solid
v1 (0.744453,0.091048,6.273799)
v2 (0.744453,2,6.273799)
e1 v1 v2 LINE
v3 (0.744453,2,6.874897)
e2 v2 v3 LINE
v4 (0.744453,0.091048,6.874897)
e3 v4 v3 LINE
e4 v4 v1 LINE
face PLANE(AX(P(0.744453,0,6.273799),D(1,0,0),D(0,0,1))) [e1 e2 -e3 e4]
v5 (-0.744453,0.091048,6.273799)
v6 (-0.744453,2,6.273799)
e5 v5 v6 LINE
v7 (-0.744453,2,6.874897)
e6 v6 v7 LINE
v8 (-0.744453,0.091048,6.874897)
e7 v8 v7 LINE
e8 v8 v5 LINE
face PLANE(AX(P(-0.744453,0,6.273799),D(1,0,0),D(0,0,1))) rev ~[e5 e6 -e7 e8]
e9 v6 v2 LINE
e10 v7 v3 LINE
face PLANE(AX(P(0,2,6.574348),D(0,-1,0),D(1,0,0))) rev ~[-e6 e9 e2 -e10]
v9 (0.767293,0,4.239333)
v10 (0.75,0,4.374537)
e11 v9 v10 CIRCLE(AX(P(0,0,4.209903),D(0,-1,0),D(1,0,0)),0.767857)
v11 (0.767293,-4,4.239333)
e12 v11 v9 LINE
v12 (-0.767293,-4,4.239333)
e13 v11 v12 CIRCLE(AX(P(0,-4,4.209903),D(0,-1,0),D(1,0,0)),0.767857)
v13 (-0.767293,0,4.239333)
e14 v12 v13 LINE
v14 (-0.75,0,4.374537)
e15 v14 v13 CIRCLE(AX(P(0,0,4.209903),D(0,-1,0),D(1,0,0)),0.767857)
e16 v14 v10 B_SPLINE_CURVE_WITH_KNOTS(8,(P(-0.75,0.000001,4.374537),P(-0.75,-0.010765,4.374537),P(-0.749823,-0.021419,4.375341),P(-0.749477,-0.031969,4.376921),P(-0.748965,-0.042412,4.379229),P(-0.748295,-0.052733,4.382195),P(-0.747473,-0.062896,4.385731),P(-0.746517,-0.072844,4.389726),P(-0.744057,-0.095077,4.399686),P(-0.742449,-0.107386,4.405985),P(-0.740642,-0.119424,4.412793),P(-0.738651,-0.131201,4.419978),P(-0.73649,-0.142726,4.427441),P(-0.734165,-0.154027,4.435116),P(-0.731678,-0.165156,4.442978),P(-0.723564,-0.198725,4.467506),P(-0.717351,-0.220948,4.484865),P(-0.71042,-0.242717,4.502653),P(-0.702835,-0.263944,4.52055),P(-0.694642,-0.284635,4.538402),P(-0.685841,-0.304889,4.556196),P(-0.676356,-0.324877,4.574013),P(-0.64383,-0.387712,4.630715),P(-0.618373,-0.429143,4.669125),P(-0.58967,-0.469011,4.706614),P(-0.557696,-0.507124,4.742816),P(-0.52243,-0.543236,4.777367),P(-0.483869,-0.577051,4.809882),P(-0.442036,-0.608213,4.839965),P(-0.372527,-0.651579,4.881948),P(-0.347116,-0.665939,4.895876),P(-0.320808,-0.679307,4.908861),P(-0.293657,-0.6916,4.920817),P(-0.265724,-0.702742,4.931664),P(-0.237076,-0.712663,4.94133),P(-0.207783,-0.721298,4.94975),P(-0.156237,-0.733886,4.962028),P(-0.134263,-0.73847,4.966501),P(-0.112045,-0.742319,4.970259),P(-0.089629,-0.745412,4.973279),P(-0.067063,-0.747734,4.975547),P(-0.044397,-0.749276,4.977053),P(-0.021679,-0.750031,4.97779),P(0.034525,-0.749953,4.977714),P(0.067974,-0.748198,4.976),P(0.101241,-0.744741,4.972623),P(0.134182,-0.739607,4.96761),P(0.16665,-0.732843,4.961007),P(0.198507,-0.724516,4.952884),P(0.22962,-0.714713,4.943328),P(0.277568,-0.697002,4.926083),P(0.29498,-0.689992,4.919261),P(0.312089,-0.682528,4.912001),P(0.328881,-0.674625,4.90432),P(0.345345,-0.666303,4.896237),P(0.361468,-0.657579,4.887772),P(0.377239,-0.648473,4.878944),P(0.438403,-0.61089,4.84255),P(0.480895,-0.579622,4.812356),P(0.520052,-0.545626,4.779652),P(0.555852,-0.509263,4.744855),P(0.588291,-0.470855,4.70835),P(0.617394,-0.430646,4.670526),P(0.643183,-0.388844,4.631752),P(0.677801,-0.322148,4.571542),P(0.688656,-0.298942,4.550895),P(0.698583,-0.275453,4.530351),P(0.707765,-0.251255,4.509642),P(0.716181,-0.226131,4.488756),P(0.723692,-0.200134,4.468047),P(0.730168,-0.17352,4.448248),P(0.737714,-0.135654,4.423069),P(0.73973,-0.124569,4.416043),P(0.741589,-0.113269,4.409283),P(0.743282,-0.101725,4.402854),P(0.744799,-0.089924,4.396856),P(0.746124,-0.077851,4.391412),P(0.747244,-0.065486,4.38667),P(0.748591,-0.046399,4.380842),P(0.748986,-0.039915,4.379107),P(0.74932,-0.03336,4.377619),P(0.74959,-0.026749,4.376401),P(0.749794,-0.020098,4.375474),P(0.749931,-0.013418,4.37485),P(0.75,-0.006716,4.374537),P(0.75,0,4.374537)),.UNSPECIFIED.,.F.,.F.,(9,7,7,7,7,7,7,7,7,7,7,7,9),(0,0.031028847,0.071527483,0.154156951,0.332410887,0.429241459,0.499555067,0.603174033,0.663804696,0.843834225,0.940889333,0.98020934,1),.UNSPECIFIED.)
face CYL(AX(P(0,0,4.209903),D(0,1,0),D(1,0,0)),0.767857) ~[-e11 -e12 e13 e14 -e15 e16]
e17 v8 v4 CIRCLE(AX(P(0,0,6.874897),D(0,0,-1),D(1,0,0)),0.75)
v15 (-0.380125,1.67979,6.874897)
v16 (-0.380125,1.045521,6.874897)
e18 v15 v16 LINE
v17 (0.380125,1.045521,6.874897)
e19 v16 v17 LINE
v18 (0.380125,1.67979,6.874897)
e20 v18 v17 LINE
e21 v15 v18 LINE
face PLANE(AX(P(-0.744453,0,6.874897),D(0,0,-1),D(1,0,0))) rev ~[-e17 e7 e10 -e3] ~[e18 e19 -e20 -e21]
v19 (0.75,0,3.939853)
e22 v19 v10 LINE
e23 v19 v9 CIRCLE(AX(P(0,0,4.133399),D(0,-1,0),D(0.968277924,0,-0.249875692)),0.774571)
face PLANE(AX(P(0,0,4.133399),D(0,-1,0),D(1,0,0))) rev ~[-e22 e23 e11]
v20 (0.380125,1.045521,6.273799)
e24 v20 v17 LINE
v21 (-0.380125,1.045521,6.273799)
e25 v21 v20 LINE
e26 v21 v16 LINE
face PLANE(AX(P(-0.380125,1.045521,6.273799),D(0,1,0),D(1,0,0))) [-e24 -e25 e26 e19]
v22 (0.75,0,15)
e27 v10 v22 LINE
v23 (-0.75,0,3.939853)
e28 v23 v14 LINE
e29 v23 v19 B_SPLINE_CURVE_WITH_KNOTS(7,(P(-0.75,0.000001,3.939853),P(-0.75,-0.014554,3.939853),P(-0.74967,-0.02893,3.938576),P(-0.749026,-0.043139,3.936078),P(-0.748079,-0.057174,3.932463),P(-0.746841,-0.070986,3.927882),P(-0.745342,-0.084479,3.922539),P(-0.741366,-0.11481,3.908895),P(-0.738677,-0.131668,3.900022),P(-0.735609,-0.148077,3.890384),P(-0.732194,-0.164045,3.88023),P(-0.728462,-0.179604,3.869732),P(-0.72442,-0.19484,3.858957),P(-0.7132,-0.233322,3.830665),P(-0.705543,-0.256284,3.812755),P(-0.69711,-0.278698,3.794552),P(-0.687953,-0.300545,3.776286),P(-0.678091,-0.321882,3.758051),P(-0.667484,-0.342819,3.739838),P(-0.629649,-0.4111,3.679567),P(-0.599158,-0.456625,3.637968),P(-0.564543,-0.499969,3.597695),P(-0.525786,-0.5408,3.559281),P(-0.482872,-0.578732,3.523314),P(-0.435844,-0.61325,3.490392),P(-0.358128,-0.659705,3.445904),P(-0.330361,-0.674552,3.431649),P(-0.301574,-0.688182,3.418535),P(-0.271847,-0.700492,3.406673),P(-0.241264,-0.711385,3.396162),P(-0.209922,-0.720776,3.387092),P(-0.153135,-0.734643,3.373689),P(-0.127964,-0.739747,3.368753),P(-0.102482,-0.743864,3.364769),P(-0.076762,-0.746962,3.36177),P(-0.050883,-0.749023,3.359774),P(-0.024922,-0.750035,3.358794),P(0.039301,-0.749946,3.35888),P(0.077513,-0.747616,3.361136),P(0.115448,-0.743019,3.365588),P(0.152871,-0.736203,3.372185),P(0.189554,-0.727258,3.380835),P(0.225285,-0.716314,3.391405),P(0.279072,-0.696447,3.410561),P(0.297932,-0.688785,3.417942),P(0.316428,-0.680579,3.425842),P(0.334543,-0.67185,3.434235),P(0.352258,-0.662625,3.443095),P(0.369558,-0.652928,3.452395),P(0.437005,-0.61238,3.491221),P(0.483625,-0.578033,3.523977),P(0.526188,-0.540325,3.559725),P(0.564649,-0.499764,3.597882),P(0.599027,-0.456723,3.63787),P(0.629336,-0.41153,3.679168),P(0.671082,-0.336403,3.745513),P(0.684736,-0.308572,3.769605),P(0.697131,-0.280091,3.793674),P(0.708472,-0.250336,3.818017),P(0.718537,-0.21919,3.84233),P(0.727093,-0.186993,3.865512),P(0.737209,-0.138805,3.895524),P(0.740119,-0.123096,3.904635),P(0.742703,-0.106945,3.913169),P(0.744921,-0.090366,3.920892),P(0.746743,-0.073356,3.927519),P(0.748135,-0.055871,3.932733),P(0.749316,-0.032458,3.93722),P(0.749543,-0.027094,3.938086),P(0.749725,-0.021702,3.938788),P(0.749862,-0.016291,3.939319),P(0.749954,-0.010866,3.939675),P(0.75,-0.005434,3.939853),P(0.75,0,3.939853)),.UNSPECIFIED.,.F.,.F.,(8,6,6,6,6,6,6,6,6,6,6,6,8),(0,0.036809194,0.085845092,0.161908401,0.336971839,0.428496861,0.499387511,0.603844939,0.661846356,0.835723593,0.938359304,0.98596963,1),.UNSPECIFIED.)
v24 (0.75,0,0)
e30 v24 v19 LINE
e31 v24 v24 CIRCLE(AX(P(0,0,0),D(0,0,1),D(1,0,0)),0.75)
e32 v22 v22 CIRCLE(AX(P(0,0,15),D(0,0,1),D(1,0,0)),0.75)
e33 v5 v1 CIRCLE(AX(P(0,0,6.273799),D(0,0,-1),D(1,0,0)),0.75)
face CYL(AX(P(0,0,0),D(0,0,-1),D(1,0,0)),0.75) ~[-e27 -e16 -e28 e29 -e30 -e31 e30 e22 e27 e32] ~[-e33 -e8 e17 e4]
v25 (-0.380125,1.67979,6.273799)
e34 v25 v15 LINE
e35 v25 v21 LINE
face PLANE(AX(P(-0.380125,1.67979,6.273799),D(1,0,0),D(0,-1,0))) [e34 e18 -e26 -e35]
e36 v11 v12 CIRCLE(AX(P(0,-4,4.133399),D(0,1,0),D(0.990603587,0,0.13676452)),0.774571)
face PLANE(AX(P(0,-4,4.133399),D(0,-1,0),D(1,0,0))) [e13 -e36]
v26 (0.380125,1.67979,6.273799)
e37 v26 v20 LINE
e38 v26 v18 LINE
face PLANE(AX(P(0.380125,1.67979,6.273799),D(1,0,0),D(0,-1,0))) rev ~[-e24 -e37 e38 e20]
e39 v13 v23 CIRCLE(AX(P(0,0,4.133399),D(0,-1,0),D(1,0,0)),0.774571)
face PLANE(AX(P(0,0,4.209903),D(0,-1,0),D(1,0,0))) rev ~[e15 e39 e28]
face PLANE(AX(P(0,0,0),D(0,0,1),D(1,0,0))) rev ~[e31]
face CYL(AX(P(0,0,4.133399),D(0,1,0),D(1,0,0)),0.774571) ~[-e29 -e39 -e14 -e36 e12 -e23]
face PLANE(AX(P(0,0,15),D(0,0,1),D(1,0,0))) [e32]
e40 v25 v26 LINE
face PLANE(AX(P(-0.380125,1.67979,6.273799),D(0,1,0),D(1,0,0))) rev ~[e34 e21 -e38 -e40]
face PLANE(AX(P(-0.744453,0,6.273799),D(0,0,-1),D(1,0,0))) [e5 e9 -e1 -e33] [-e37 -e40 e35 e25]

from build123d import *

# Parameters (mm, degrees)
F0_R     = 0.75
F1_DEPTH = 15
F2_R     = 0.767857
F3_DEPTH = 4
F4_R     = 0.774571
F5_DEPTH = 4
F6_W     = 1.488906
F6_H     = 0.601098
F7_DEPTH = 2
F8_W     = 0.76025
F8_H     = 0.634269
F9_DEPTH = 25


with BuildPart() as f1:
    # F0 (on Top) → F1 (new body)
    with BuildSketch(Plane.XY):
        Circle(F0_R)
    extrude(amount=F1_DEPTH)

    # F2 (on Front) → F3 (join)
    with BuildSketch(Plane.XZ):
        with Locations((0, 4.209903)):
            Circle(F2_R)
    extrude(amount=F3_DEPTH)

    # F4 (on Front) → F5 (join)
    with BuildSketch(Plane.XZ):
        with Locations((0, 4.133399)):
            Circle(F4_R)
    extrude(amount=F5_DEPTH)

    # F6 (on Front) → F7 (join)
    with BuildSketch(Plane.XZ):
        with Locations((0, 6.574348)):
            Rectangle(F6_W, F6_H)
    extrude(amount=-F7_DEPTH)

    # F8 (on face) → F9 (cut)
    with BuildSketch(Plane(origin=(0, 0, 6.273799), x_dir=(1, 0, 0), z_dir=(0, 0, -1))):
        with Locations((0, -1.362656)):
            Rectangle(F8_W, F8_H)
    extrude(amount=-F9_DEPTH, mode=Mode.SUBTRACT)


solid = f1.part
